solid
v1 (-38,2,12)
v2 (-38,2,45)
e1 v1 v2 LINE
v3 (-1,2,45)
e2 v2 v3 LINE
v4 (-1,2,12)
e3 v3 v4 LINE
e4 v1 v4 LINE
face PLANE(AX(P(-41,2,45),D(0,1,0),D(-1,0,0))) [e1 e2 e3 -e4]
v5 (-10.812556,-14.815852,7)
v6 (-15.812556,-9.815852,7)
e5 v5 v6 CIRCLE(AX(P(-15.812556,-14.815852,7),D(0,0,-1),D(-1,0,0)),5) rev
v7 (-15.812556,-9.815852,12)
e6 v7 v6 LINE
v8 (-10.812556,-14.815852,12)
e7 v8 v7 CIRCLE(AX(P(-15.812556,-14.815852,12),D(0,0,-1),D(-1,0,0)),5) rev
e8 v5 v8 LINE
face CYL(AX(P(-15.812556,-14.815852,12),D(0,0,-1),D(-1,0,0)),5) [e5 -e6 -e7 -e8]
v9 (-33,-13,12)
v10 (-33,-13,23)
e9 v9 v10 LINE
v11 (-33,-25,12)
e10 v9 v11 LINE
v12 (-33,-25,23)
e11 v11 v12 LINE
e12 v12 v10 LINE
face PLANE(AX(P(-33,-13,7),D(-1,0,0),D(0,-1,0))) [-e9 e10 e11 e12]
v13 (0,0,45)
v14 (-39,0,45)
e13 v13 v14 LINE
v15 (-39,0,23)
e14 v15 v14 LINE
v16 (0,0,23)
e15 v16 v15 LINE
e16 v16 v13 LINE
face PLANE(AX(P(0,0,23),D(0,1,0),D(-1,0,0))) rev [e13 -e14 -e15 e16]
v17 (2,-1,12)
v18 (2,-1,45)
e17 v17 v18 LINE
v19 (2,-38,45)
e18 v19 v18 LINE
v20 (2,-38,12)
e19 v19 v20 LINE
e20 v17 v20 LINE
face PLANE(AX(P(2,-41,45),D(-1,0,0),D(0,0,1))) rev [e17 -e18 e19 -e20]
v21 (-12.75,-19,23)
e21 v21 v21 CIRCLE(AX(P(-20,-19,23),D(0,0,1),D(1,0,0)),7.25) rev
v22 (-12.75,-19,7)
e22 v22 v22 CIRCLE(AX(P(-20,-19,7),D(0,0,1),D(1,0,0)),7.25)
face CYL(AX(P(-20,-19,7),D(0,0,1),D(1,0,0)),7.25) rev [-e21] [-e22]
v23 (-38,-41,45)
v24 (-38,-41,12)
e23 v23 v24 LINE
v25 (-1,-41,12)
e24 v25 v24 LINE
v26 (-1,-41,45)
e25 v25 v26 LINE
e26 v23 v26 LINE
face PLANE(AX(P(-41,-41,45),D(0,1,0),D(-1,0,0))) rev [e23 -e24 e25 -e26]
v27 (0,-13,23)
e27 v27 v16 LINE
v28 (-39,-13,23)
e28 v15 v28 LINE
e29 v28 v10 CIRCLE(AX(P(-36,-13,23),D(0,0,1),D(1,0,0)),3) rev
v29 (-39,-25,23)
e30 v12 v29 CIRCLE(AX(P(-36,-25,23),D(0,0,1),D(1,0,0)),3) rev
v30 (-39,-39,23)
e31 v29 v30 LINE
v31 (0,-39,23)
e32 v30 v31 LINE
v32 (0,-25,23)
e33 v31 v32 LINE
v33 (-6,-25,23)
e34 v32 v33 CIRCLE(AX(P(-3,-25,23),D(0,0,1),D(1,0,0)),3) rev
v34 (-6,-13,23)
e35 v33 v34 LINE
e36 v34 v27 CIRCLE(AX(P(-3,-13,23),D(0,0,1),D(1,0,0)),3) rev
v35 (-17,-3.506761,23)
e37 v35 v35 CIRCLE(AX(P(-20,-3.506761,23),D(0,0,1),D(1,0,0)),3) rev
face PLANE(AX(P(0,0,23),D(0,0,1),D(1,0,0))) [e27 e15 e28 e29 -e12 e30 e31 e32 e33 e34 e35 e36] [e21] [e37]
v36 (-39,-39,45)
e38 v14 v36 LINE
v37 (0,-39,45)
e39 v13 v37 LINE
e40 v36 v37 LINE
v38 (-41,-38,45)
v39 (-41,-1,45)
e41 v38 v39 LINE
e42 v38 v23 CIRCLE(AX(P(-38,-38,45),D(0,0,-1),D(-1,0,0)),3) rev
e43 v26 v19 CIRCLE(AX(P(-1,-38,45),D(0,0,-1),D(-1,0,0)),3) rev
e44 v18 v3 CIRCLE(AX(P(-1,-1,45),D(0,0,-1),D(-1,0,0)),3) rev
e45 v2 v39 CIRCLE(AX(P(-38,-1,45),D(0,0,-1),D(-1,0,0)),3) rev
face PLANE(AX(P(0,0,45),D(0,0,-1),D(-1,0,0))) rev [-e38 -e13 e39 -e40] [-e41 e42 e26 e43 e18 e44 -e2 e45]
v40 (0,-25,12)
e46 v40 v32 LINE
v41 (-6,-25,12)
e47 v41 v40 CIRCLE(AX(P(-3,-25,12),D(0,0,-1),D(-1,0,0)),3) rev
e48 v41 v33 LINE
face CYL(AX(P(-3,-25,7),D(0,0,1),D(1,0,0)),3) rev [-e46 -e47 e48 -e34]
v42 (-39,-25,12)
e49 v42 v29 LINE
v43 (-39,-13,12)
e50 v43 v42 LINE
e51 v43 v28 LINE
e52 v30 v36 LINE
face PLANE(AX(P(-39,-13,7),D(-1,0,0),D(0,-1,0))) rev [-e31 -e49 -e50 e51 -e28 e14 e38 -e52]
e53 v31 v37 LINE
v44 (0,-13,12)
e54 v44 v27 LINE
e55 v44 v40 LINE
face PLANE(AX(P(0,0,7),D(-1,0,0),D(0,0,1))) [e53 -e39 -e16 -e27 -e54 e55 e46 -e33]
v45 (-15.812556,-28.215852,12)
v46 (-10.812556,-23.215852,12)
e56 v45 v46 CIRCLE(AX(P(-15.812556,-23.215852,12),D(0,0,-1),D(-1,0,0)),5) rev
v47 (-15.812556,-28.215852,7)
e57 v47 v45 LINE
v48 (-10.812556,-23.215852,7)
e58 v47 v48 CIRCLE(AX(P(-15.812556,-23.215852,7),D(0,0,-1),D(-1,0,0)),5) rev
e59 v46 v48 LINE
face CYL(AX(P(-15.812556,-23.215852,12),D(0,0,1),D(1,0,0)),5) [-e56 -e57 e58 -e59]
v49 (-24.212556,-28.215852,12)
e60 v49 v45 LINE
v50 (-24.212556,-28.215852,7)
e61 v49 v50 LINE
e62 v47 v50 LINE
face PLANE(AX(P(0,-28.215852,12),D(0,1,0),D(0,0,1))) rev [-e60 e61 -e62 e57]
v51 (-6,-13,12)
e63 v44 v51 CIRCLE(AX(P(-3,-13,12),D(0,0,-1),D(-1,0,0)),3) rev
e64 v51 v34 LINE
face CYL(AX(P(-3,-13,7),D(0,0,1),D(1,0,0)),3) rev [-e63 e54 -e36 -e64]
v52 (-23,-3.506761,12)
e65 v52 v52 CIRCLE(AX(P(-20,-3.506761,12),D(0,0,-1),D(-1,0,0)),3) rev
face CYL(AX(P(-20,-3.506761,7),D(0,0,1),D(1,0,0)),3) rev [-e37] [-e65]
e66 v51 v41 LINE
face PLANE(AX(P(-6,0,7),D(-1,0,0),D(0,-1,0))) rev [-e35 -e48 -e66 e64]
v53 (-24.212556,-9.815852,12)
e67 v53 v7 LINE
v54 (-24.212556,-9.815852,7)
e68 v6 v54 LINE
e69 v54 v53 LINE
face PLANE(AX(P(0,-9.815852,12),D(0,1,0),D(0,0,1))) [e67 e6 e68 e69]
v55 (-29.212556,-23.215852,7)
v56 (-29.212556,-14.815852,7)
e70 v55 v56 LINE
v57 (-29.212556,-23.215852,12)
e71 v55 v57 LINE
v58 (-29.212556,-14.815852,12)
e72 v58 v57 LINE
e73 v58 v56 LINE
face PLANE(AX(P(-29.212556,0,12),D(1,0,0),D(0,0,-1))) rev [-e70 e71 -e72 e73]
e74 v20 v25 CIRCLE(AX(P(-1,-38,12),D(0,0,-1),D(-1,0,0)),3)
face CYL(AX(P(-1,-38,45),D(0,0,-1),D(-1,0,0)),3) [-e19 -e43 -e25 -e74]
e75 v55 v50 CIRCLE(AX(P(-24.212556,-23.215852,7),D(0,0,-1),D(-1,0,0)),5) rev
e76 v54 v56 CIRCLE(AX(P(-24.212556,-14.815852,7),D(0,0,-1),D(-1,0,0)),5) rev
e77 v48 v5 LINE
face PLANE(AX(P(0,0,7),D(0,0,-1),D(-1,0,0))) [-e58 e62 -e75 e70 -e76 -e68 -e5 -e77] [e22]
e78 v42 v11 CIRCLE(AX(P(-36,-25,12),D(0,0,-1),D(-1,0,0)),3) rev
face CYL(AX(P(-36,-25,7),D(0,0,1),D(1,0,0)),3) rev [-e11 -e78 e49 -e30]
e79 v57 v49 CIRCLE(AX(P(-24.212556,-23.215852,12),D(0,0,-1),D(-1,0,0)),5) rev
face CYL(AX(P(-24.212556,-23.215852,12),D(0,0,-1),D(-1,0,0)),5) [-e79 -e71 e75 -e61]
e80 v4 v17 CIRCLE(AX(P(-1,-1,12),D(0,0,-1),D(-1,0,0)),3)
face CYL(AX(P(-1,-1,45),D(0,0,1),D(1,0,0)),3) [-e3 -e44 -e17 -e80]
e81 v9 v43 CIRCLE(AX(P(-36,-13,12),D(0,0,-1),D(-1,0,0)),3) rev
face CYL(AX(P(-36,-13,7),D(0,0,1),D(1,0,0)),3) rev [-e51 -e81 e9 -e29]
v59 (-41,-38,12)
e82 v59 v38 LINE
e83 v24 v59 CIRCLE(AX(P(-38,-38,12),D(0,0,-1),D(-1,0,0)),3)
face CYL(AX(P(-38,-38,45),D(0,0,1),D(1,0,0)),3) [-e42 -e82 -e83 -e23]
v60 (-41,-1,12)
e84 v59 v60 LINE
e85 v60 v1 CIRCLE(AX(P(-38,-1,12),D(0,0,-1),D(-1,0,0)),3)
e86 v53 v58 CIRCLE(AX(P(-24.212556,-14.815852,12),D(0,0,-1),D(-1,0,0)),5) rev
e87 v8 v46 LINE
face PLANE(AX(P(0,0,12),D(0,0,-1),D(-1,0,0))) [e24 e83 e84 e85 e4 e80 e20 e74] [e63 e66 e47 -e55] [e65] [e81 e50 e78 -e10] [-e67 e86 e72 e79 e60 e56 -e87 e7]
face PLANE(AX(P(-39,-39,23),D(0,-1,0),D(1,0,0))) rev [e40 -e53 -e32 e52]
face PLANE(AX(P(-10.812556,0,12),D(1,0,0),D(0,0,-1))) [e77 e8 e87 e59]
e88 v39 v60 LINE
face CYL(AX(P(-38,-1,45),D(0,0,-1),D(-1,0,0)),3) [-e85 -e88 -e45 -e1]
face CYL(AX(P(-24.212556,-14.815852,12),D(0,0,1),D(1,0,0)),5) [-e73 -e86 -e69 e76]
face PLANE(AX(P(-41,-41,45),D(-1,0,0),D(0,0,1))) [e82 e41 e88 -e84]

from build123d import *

# Parameters (mm, degrees)
SKETCH1_W           = 43
SKETCH1_H           = 43
BOSS_EXTRUDE1_DEPTH = 45
SKETCH3_R           = 3
SKETCH3_R_2         = 7.25
CUT_EXTRUDE4_DEPTH  = 38
SKETCH6_W           = 39
SKETCH6_H           = 39
CUT_EXTRUDE5_DEPTH  = 22
SKETCH7_W           = 43
SKETCH7_H           = 43
SKETCH7_W_2         = 18.4
SKETCH7_H_2         = 18.4
CUT_EXTRUDE8_DEPTH  = 12
FILLET2_R           = 5
FILLET3_R           = 3
SKETCH10_W          = 20.235048465
SKETCH10_H          = 19.323901817
CUT_EXTRUDE9_DEPTH  = 7


with BuildPart() as part:
    # Sketch1 → Boss-Extrude1 (new body)
    with BuildSketch(Plane(origin=(0, 0, 0), x_dir=(0, 1, 0), z_dir=(0, 0, 1))):
        with Locations((-19.5, 19.5)):
            Rectangle(SKETCH1_W, SKETCH1_H)
    extrude(amount=BOSS_EXTRUDE1_DEPTH)

    # Sketch3 → Cut-Extrude4 (cut)
    with BuildSketch(Plane.XY.offset(45)):
        with Locations((-20, -3.506761261)):
            Circle(SKETCH3_R)
        with Locations((-20, -19)):
            Circle(SKETCH3_R_2)
        with BuildLine():
            Line((-6, -13), (-6, -25))
            ThreePointArc((-6, -25), (-3, -28), (0, -25))
            Line((0, -25), (0, -13))
            ThreePointArc((0, -13), (-3, -10), (-6, -13))
        make_face()
        with BuildLine():
            Line((-33, -13), (-33, -25))
            ThreePointArc((-33, -25), (-36, -28), (-39, -25))
            Line((-39, -25), (-39, -13))
            ThreePointArc((-39, -13), (-36, -10), (-33, -13))
        make_face()
    extrude(amount=-CUT_EXTRUDE4_DEPTH, mode=Mode.SUBTRACT)

    # Sketch6 → Cut-Extrude5 (cut)
    with BuildSketch(Plane.XY.offset(45)):
        with Locations((-19.5, -19.5)):
            Rectangle(SKETCH6_W, SKETCH6_H)
    extrude(amount=-CUT_EXTRUDE5_DEPTH, mode=Mode.SUBTRACT)

    # Sketch7 → Cut-Extrude8 (cut)
    with BuildSketch(Plane(origin=(0, 0, 0), x_dir=(1, 0, 0), z_dir=(0, 0, -1))):
        with Locations((-19.5, 19.5)):
            Rectangle(SKETCH7_W, SKETCH7_H)
        with Locations((-20.012556467, 19.015852406)):
            Rectangle(SKETCH7_W_2, SKETCH7_H_2, mode=Mode.SUBTRACT)
    extrude(amount=-CUT_EXTRUDE8_DEPTH, mode=Mode.SUBTRACT)

    # Fillet2
    fillet2_edges = [part.edges().sort_by_distance(p)[0] for p in [
        (-10.812556467, -9.815852406, 6),
        (-10.812556467, -28.215852406, 6),
        (-29.212556467, -28.215852406, 6),
        (-29.212556467, -9.815852406, 6),
    ]]
    fillet(fillet2_edges, radius=FILLET2_R)

    # Fillet3
    fillet3_edges = [part.edges().sort_by_distance(p)[0] for p in [
        (-41, -41, 28.5),
        (2, -41, 28.5),
        (2, 2, 28.5),
        (-41, 2, 28.5),
    ]]
    fillet(fillet3_edges, radius=FILLET3_R)

    # Sketch10 → Cut-Extrude9 (cut)
    with BuildSketch(Plane(origin=(0, 0, 0), x_dir=(1, 0, 0), z_dir=(0, 0, -1))):
        with Locations((-19.898626658, 18.797657793)):
            Rectangle(SKETCH10_W, SKETCH10_H)
    extrude(amount=-CUT_EXTRUDE9_DEPTH, mode=Mode.SUBTRACT)


solid = part.part
